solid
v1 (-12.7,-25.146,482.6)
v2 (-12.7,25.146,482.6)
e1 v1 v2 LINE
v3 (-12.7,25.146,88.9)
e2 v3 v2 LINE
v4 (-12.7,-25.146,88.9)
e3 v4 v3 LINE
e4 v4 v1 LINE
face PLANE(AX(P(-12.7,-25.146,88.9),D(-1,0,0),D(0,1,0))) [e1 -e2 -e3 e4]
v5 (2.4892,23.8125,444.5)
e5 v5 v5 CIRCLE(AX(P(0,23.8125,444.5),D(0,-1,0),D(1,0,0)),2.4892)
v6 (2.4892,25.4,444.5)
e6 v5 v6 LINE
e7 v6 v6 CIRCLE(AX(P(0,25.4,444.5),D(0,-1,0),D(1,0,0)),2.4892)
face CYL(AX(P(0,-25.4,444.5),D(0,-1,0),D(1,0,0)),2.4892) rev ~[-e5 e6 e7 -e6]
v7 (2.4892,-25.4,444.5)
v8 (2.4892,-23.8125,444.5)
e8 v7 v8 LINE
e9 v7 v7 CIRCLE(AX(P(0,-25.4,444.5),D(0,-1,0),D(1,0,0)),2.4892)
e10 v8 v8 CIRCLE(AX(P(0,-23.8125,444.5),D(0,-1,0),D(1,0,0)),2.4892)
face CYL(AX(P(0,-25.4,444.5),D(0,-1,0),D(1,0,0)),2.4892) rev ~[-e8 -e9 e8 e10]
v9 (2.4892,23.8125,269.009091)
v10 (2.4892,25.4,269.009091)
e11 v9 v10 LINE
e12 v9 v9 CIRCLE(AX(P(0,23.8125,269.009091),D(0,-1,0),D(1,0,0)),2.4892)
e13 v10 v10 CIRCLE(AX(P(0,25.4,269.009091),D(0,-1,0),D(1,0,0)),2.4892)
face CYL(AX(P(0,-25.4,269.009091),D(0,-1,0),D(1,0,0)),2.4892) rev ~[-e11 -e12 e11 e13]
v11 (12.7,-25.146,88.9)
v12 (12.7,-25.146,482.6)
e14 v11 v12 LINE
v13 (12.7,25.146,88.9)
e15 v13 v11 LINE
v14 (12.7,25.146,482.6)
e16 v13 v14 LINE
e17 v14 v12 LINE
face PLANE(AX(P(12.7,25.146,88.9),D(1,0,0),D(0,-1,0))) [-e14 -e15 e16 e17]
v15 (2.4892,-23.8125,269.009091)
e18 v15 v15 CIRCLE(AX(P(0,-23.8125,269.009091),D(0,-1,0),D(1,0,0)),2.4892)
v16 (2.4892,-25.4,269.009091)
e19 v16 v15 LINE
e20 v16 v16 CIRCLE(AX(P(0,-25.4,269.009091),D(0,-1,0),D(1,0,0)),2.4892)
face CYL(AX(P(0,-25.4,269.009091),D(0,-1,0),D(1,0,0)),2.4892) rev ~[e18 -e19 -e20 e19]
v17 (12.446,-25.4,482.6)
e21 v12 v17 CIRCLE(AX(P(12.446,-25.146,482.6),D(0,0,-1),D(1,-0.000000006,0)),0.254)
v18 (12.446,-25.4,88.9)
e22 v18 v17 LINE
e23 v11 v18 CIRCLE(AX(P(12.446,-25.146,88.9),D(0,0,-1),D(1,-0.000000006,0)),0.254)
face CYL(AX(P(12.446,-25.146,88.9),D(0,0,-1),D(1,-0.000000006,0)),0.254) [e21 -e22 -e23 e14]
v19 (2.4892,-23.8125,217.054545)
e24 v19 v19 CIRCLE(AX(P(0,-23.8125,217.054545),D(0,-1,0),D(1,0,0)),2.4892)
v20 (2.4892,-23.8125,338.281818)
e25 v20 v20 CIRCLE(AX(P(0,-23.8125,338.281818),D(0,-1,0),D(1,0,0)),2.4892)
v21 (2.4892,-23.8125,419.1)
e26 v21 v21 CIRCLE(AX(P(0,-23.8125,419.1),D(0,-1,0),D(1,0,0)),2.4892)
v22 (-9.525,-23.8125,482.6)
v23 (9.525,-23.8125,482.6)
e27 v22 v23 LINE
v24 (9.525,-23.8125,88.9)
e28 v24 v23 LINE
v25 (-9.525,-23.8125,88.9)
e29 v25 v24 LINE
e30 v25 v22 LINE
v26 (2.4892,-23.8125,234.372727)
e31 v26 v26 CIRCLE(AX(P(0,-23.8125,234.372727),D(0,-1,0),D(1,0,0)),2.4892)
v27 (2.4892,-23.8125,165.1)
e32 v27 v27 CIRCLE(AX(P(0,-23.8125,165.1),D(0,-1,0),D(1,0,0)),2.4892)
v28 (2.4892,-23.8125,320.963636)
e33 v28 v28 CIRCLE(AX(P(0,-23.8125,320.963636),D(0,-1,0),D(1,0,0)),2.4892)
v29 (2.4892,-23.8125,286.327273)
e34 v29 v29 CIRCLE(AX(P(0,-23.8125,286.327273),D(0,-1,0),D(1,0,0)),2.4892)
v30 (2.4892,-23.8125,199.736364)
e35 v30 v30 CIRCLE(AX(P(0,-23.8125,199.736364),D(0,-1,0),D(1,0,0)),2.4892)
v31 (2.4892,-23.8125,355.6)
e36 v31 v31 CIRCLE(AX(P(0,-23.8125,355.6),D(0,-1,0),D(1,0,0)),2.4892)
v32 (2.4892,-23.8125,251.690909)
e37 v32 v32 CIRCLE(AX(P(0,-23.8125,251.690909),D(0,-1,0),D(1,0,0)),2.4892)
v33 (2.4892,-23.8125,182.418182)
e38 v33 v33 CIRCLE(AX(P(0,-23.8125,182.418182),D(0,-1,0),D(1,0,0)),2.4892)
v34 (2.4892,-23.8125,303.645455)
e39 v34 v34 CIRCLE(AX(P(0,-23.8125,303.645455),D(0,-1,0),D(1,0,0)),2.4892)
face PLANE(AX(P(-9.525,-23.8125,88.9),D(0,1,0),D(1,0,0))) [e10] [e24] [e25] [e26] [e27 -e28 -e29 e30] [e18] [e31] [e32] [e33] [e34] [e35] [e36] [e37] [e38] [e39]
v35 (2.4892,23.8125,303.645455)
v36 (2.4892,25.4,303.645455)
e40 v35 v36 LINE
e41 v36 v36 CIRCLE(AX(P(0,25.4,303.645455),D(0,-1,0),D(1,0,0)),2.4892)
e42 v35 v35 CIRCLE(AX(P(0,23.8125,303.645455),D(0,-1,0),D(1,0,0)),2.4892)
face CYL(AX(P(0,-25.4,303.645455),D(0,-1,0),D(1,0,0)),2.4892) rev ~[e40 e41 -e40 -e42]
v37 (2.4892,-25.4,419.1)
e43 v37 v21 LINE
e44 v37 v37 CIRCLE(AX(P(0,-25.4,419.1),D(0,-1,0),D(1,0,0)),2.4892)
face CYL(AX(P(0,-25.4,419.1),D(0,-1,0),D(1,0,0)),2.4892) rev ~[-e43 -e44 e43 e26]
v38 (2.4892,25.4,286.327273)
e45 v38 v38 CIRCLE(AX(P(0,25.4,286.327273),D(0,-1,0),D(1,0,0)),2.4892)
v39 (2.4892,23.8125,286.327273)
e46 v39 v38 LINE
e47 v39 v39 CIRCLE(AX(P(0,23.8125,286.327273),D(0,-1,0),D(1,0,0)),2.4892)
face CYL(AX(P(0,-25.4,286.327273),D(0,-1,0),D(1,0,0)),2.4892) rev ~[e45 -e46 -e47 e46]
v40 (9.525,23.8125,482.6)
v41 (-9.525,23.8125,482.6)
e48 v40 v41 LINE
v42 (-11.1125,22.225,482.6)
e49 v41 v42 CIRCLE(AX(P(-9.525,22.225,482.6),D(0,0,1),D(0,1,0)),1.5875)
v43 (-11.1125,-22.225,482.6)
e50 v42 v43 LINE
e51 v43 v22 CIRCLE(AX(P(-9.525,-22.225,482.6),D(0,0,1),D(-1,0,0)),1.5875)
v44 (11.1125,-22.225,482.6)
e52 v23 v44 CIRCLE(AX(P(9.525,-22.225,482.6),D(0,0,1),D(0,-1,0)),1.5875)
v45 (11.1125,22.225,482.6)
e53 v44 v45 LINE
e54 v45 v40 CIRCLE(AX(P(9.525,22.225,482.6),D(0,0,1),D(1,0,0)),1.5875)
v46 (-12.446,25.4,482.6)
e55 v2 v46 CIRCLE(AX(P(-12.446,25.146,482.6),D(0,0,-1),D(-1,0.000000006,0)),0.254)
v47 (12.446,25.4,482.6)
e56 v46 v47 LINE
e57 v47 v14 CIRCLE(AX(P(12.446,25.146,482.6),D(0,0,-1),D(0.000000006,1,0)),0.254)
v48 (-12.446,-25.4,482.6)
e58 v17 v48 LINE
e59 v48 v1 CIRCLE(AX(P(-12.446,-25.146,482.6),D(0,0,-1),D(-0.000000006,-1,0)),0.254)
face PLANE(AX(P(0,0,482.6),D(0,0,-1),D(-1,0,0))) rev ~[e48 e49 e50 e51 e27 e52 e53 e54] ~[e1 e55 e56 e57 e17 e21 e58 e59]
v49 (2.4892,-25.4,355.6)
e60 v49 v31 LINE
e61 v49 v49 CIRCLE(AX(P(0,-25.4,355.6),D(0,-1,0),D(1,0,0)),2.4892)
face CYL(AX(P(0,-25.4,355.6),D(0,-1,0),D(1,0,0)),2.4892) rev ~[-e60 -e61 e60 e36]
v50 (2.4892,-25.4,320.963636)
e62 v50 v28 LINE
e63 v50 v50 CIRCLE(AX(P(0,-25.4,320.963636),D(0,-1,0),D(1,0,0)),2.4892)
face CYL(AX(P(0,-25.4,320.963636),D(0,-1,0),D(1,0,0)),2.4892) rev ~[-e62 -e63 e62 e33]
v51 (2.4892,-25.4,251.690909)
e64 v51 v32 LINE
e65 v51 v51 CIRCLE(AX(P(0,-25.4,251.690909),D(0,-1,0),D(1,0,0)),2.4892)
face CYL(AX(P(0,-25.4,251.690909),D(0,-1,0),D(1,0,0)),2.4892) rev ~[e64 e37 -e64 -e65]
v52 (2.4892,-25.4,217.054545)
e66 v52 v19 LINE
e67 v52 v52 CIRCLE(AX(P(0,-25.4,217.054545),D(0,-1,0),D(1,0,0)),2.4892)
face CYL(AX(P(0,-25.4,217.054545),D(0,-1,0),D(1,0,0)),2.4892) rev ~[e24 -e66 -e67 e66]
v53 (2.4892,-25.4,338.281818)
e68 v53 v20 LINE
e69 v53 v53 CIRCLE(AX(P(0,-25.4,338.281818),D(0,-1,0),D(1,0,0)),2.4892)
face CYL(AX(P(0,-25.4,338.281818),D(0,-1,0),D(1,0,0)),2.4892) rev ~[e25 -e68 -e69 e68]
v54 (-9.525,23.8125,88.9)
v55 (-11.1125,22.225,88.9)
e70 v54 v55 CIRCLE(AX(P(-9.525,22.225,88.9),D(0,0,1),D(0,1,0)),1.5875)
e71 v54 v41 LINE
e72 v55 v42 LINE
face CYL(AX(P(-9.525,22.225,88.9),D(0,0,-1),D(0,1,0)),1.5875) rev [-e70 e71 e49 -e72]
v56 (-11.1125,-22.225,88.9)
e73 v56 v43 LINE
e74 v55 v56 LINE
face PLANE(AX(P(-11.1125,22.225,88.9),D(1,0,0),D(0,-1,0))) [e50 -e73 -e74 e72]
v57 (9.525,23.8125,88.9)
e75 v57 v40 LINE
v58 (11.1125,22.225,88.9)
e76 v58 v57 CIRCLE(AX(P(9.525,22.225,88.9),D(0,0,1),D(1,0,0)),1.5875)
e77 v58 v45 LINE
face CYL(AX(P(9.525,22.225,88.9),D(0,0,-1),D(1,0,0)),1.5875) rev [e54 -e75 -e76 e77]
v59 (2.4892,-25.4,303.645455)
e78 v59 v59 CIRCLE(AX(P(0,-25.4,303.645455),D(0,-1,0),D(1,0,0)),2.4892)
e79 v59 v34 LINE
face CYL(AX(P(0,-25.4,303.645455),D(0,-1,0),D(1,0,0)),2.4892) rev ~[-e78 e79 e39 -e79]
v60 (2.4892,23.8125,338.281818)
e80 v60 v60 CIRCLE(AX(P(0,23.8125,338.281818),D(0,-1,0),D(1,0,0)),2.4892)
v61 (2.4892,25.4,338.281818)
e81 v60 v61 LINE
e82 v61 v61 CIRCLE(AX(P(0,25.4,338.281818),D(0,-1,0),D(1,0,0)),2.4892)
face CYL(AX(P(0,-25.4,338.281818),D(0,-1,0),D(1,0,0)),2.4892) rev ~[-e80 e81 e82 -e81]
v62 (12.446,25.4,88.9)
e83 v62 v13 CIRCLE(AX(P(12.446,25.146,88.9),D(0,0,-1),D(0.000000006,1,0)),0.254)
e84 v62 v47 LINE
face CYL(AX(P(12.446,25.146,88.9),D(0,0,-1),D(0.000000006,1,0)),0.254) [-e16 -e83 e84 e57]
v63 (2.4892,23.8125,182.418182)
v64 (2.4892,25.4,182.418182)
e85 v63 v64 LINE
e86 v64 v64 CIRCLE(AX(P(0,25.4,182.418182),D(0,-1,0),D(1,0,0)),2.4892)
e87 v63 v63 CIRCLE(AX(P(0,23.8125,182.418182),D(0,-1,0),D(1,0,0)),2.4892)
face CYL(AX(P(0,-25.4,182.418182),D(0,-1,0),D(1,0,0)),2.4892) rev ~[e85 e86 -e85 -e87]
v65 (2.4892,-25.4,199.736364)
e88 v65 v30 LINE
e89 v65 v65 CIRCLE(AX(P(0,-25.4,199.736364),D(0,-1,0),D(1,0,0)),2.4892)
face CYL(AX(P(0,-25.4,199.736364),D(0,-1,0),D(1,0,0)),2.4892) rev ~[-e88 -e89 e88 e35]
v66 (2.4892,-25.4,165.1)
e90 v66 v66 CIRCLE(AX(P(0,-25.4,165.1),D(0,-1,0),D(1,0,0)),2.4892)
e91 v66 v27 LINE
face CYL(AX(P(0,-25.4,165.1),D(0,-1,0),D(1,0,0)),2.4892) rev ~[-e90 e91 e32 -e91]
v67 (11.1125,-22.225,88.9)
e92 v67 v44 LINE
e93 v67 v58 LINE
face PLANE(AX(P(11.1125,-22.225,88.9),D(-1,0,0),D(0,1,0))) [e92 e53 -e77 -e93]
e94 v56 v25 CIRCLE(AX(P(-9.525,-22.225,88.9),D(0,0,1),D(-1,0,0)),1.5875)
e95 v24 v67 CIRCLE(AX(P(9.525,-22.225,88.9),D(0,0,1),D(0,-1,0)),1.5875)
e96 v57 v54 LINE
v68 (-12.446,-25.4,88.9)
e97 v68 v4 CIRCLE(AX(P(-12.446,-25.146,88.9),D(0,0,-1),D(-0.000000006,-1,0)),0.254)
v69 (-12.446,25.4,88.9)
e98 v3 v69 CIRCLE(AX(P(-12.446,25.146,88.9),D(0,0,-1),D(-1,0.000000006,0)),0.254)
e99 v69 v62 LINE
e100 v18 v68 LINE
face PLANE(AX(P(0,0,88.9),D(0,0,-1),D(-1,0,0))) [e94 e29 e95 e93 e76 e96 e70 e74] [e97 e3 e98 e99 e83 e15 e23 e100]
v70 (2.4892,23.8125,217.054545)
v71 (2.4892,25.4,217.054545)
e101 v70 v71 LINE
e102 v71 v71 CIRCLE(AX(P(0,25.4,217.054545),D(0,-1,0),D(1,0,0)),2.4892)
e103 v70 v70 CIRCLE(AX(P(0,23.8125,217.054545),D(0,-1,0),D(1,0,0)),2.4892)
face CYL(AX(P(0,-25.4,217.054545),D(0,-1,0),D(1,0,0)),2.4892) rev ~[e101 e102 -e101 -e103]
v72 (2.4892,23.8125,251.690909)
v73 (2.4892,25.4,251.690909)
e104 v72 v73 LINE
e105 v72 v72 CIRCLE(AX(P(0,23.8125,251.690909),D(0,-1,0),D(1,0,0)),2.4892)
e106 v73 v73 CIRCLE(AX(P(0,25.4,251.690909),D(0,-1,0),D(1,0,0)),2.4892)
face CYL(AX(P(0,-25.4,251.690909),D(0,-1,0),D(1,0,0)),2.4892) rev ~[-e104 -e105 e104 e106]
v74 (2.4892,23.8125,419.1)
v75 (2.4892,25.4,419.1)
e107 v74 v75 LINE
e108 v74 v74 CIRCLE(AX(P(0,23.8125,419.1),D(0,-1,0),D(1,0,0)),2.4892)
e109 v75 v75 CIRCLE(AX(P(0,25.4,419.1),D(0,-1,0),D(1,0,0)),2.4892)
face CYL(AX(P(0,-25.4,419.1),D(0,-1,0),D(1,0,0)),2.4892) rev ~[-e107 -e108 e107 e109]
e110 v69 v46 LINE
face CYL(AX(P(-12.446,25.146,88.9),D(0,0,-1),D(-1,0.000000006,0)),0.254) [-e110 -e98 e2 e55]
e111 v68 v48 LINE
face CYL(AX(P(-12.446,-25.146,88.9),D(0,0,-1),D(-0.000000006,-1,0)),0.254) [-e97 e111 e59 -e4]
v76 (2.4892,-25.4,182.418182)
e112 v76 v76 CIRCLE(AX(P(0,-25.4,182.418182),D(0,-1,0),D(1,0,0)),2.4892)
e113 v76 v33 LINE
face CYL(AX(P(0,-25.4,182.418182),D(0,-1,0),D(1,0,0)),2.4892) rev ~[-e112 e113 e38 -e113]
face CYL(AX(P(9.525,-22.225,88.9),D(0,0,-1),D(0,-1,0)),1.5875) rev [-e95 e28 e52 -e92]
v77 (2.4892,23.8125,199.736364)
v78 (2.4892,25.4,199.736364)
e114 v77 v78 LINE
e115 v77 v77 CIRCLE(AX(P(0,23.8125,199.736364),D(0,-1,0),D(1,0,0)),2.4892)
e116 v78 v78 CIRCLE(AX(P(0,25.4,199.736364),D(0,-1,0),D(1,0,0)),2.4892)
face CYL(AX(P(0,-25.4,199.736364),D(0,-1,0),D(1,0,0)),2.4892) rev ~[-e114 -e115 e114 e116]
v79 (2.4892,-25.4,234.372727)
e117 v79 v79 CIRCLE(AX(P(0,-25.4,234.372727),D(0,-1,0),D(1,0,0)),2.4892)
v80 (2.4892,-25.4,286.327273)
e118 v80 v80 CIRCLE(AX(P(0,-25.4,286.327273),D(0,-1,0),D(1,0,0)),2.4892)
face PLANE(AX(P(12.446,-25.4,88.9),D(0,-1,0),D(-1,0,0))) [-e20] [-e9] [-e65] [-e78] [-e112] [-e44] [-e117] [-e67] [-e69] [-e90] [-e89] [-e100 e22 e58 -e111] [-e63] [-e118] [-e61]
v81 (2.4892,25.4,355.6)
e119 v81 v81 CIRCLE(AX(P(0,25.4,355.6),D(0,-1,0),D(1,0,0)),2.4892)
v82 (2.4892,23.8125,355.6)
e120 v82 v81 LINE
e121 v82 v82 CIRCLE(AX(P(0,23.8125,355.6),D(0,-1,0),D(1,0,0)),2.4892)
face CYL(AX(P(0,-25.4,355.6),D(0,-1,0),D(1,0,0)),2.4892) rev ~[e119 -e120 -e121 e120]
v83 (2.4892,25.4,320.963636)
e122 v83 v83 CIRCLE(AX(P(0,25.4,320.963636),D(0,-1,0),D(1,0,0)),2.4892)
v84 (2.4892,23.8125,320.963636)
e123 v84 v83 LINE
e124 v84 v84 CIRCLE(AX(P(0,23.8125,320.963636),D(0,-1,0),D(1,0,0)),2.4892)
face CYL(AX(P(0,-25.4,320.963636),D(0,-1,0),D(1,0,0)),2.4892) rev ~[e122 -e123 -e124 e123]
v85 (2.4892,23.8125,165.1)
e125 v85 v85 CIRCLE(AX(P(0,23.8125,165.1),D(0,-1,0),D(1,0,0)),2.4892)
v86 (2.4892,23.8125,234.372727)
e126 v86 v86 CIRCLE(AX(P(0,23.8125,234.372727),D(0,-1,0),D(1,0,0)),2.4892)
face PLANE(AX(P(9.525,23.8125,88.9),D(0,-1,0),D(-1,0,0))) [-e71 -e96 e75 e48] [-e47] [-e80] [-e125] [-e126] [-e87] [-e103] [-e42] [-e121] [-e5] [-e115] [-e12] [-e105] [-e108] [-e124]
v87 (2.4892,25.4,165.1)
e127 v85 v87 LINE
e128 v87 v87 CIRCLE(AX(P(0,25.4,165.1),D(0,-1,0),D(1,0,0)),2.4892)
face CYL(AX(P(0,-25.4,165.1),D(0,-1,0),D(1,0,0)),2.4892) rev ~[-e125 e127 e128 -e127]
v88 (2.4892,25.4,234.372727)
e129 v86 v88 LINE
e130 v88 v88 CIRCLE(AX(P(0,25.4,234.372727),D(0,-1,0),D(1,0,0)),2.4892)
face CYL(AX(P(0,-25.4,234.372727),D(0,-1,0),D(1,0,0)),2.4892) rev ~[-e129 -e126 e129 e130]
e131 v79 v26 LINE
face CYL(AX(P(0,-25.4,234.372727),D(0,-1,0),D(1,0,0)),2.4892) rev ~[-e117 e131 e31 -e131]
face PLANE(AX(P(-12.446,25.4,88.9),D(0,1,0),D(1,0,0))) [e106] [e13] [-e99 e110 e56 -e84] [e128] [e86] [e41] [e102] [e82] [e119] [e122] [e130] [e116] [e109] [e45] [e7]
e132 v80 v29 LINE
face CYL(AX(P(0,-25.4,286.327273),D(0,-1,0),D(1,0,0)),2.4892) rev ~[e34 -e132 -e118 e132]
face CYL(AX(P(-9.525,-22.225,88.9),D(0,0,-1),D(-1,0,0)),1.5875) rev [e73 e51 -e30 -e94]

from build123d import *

# Parameters (mm, degrees)
BOSS_EXTRUDE1_START     = -88.9
BOSS_EXTRUDE1_DEPTH     = 393.7
SKETCH3_R               = 2.4892
CUT_EXTRUDE2_DEPTH      = 1
CUT_EXTRUDE2_DEPTH_BACK = 51.8


with BuildPart() as part:
    # Sketch1 → Boss-Extrude1 (new body)
    with BuildSketch(Plane(origin=(0, 0, 0), x_dir=(-1, 0, 0), z_dir=(0, 0, -1)).offset(BOSS_EXTRUDE1_START)):
        with BuildLine():
            Line((-12.7, 25.146), (-12.7, -25.146))
            ThreePointArc((-12.7, -25.146), (-12.625605122, -25.325605122), (-12.446, -25.4))
            Line((-12.446, -25.4), (12.446, -25.4))
            ThreePointArc((12.446, -25.4), (12.625605122, -25.325605122), (12.7, -25.146))
            Line((12.7, -25.146), (12.7, 25.146))
            ThreePointArc((12.7, 25.146), (12.625605122, 25.325605122), (12.446, 25.4))
            Line((12.446, 25.4), (-12.446, 25.4))
            ThreePointArc((-12.446, 25.4), (-12.625605122, 25.325605122), (-12.7, 25.146))
        make_face()
        with BuildLine():
            Line((-11.1125, -22.225), (-11.1125, 22.225))
            ThreePointArc((-11.1125, 22.225), (-10.647532015, 23.347532015), (-9.525, 23.8125))
            Line((-9.525, 23.8125), (9.525, 23.8125))
            ThreePointArc((9.525, 23.8125), (10.647532015, 23.347532015), (11.1125, 22.225))
            Line((11.1125, 22.225), (11.1125, -22.225))
            ThreePointArc((11.1125, -22.225), (10.647532015, -23.347532015), (9.525, -23.8125))
            Line((9.525, -23.8125), (-9.525, -23.8125))
            ThreePointArc((-9.525, -23.8125), (-10.647532015, -23.347532015), (-11.1125, -22.225))
        make_face(mode=Mode.SUBTRACT)
    extrude(amount=-BOSS_EXTRUDE1_DEPTH)

    # Sketch3 → Cut-Extrude2 (cut, two sides)
    with BuildSketch(Plane.XZ.offset(25.4)) as cut_extrude2_sk:
        with Locations((0, 165.1)):
            Circle(SKETCH3_R)
        with Locations((0, 182.418181818)):
            Circle(SKETCH3_R)
        with Locations((0, 199.736363636)):
            Circle(SKETCH3_R)
        with Locations((0, 217.054545455)):
            Circle(SKETCH3_R)
        with Locations((0, 234.372727273)):
            Circle(SKETCH3_R)
        with Locations((0, 251.690909091)):
            Circle(SKETCH3_R)
        with Locations((0, 269.009090909)):
            Circle(SKETCH3_R)
        with Locations((0, 286.327272727)):
            Circle(SKETCH3_R)
        with Locations((0, 303.645454545)):
            Circle(SKETCH3_R)
        with Locations((0, 320.963636364)):
            Circle(SKETCH3_R)
        with Locations((0, 338.281818182)):
            Circle(SKETCH3_R)
        with Locations((0, 419.1)):
            Circle(SKETCH3_R)
        with Locations((0, 444.5)):
            Circle(SKETCH3_R)
        with Locations((0, 355.6)):
            Circle(SKETCH3_R)
    extrude(amount=CUT_EXTRUDE2_DEPTH, mode=Mode.SUBTRACT)
    extrude(cut_extrude2_sk.sketch, amount=-CUT_EXTRUDE2_DEPTH_BACK, mode=Mode.SUBTRACT)


solid = part.part
